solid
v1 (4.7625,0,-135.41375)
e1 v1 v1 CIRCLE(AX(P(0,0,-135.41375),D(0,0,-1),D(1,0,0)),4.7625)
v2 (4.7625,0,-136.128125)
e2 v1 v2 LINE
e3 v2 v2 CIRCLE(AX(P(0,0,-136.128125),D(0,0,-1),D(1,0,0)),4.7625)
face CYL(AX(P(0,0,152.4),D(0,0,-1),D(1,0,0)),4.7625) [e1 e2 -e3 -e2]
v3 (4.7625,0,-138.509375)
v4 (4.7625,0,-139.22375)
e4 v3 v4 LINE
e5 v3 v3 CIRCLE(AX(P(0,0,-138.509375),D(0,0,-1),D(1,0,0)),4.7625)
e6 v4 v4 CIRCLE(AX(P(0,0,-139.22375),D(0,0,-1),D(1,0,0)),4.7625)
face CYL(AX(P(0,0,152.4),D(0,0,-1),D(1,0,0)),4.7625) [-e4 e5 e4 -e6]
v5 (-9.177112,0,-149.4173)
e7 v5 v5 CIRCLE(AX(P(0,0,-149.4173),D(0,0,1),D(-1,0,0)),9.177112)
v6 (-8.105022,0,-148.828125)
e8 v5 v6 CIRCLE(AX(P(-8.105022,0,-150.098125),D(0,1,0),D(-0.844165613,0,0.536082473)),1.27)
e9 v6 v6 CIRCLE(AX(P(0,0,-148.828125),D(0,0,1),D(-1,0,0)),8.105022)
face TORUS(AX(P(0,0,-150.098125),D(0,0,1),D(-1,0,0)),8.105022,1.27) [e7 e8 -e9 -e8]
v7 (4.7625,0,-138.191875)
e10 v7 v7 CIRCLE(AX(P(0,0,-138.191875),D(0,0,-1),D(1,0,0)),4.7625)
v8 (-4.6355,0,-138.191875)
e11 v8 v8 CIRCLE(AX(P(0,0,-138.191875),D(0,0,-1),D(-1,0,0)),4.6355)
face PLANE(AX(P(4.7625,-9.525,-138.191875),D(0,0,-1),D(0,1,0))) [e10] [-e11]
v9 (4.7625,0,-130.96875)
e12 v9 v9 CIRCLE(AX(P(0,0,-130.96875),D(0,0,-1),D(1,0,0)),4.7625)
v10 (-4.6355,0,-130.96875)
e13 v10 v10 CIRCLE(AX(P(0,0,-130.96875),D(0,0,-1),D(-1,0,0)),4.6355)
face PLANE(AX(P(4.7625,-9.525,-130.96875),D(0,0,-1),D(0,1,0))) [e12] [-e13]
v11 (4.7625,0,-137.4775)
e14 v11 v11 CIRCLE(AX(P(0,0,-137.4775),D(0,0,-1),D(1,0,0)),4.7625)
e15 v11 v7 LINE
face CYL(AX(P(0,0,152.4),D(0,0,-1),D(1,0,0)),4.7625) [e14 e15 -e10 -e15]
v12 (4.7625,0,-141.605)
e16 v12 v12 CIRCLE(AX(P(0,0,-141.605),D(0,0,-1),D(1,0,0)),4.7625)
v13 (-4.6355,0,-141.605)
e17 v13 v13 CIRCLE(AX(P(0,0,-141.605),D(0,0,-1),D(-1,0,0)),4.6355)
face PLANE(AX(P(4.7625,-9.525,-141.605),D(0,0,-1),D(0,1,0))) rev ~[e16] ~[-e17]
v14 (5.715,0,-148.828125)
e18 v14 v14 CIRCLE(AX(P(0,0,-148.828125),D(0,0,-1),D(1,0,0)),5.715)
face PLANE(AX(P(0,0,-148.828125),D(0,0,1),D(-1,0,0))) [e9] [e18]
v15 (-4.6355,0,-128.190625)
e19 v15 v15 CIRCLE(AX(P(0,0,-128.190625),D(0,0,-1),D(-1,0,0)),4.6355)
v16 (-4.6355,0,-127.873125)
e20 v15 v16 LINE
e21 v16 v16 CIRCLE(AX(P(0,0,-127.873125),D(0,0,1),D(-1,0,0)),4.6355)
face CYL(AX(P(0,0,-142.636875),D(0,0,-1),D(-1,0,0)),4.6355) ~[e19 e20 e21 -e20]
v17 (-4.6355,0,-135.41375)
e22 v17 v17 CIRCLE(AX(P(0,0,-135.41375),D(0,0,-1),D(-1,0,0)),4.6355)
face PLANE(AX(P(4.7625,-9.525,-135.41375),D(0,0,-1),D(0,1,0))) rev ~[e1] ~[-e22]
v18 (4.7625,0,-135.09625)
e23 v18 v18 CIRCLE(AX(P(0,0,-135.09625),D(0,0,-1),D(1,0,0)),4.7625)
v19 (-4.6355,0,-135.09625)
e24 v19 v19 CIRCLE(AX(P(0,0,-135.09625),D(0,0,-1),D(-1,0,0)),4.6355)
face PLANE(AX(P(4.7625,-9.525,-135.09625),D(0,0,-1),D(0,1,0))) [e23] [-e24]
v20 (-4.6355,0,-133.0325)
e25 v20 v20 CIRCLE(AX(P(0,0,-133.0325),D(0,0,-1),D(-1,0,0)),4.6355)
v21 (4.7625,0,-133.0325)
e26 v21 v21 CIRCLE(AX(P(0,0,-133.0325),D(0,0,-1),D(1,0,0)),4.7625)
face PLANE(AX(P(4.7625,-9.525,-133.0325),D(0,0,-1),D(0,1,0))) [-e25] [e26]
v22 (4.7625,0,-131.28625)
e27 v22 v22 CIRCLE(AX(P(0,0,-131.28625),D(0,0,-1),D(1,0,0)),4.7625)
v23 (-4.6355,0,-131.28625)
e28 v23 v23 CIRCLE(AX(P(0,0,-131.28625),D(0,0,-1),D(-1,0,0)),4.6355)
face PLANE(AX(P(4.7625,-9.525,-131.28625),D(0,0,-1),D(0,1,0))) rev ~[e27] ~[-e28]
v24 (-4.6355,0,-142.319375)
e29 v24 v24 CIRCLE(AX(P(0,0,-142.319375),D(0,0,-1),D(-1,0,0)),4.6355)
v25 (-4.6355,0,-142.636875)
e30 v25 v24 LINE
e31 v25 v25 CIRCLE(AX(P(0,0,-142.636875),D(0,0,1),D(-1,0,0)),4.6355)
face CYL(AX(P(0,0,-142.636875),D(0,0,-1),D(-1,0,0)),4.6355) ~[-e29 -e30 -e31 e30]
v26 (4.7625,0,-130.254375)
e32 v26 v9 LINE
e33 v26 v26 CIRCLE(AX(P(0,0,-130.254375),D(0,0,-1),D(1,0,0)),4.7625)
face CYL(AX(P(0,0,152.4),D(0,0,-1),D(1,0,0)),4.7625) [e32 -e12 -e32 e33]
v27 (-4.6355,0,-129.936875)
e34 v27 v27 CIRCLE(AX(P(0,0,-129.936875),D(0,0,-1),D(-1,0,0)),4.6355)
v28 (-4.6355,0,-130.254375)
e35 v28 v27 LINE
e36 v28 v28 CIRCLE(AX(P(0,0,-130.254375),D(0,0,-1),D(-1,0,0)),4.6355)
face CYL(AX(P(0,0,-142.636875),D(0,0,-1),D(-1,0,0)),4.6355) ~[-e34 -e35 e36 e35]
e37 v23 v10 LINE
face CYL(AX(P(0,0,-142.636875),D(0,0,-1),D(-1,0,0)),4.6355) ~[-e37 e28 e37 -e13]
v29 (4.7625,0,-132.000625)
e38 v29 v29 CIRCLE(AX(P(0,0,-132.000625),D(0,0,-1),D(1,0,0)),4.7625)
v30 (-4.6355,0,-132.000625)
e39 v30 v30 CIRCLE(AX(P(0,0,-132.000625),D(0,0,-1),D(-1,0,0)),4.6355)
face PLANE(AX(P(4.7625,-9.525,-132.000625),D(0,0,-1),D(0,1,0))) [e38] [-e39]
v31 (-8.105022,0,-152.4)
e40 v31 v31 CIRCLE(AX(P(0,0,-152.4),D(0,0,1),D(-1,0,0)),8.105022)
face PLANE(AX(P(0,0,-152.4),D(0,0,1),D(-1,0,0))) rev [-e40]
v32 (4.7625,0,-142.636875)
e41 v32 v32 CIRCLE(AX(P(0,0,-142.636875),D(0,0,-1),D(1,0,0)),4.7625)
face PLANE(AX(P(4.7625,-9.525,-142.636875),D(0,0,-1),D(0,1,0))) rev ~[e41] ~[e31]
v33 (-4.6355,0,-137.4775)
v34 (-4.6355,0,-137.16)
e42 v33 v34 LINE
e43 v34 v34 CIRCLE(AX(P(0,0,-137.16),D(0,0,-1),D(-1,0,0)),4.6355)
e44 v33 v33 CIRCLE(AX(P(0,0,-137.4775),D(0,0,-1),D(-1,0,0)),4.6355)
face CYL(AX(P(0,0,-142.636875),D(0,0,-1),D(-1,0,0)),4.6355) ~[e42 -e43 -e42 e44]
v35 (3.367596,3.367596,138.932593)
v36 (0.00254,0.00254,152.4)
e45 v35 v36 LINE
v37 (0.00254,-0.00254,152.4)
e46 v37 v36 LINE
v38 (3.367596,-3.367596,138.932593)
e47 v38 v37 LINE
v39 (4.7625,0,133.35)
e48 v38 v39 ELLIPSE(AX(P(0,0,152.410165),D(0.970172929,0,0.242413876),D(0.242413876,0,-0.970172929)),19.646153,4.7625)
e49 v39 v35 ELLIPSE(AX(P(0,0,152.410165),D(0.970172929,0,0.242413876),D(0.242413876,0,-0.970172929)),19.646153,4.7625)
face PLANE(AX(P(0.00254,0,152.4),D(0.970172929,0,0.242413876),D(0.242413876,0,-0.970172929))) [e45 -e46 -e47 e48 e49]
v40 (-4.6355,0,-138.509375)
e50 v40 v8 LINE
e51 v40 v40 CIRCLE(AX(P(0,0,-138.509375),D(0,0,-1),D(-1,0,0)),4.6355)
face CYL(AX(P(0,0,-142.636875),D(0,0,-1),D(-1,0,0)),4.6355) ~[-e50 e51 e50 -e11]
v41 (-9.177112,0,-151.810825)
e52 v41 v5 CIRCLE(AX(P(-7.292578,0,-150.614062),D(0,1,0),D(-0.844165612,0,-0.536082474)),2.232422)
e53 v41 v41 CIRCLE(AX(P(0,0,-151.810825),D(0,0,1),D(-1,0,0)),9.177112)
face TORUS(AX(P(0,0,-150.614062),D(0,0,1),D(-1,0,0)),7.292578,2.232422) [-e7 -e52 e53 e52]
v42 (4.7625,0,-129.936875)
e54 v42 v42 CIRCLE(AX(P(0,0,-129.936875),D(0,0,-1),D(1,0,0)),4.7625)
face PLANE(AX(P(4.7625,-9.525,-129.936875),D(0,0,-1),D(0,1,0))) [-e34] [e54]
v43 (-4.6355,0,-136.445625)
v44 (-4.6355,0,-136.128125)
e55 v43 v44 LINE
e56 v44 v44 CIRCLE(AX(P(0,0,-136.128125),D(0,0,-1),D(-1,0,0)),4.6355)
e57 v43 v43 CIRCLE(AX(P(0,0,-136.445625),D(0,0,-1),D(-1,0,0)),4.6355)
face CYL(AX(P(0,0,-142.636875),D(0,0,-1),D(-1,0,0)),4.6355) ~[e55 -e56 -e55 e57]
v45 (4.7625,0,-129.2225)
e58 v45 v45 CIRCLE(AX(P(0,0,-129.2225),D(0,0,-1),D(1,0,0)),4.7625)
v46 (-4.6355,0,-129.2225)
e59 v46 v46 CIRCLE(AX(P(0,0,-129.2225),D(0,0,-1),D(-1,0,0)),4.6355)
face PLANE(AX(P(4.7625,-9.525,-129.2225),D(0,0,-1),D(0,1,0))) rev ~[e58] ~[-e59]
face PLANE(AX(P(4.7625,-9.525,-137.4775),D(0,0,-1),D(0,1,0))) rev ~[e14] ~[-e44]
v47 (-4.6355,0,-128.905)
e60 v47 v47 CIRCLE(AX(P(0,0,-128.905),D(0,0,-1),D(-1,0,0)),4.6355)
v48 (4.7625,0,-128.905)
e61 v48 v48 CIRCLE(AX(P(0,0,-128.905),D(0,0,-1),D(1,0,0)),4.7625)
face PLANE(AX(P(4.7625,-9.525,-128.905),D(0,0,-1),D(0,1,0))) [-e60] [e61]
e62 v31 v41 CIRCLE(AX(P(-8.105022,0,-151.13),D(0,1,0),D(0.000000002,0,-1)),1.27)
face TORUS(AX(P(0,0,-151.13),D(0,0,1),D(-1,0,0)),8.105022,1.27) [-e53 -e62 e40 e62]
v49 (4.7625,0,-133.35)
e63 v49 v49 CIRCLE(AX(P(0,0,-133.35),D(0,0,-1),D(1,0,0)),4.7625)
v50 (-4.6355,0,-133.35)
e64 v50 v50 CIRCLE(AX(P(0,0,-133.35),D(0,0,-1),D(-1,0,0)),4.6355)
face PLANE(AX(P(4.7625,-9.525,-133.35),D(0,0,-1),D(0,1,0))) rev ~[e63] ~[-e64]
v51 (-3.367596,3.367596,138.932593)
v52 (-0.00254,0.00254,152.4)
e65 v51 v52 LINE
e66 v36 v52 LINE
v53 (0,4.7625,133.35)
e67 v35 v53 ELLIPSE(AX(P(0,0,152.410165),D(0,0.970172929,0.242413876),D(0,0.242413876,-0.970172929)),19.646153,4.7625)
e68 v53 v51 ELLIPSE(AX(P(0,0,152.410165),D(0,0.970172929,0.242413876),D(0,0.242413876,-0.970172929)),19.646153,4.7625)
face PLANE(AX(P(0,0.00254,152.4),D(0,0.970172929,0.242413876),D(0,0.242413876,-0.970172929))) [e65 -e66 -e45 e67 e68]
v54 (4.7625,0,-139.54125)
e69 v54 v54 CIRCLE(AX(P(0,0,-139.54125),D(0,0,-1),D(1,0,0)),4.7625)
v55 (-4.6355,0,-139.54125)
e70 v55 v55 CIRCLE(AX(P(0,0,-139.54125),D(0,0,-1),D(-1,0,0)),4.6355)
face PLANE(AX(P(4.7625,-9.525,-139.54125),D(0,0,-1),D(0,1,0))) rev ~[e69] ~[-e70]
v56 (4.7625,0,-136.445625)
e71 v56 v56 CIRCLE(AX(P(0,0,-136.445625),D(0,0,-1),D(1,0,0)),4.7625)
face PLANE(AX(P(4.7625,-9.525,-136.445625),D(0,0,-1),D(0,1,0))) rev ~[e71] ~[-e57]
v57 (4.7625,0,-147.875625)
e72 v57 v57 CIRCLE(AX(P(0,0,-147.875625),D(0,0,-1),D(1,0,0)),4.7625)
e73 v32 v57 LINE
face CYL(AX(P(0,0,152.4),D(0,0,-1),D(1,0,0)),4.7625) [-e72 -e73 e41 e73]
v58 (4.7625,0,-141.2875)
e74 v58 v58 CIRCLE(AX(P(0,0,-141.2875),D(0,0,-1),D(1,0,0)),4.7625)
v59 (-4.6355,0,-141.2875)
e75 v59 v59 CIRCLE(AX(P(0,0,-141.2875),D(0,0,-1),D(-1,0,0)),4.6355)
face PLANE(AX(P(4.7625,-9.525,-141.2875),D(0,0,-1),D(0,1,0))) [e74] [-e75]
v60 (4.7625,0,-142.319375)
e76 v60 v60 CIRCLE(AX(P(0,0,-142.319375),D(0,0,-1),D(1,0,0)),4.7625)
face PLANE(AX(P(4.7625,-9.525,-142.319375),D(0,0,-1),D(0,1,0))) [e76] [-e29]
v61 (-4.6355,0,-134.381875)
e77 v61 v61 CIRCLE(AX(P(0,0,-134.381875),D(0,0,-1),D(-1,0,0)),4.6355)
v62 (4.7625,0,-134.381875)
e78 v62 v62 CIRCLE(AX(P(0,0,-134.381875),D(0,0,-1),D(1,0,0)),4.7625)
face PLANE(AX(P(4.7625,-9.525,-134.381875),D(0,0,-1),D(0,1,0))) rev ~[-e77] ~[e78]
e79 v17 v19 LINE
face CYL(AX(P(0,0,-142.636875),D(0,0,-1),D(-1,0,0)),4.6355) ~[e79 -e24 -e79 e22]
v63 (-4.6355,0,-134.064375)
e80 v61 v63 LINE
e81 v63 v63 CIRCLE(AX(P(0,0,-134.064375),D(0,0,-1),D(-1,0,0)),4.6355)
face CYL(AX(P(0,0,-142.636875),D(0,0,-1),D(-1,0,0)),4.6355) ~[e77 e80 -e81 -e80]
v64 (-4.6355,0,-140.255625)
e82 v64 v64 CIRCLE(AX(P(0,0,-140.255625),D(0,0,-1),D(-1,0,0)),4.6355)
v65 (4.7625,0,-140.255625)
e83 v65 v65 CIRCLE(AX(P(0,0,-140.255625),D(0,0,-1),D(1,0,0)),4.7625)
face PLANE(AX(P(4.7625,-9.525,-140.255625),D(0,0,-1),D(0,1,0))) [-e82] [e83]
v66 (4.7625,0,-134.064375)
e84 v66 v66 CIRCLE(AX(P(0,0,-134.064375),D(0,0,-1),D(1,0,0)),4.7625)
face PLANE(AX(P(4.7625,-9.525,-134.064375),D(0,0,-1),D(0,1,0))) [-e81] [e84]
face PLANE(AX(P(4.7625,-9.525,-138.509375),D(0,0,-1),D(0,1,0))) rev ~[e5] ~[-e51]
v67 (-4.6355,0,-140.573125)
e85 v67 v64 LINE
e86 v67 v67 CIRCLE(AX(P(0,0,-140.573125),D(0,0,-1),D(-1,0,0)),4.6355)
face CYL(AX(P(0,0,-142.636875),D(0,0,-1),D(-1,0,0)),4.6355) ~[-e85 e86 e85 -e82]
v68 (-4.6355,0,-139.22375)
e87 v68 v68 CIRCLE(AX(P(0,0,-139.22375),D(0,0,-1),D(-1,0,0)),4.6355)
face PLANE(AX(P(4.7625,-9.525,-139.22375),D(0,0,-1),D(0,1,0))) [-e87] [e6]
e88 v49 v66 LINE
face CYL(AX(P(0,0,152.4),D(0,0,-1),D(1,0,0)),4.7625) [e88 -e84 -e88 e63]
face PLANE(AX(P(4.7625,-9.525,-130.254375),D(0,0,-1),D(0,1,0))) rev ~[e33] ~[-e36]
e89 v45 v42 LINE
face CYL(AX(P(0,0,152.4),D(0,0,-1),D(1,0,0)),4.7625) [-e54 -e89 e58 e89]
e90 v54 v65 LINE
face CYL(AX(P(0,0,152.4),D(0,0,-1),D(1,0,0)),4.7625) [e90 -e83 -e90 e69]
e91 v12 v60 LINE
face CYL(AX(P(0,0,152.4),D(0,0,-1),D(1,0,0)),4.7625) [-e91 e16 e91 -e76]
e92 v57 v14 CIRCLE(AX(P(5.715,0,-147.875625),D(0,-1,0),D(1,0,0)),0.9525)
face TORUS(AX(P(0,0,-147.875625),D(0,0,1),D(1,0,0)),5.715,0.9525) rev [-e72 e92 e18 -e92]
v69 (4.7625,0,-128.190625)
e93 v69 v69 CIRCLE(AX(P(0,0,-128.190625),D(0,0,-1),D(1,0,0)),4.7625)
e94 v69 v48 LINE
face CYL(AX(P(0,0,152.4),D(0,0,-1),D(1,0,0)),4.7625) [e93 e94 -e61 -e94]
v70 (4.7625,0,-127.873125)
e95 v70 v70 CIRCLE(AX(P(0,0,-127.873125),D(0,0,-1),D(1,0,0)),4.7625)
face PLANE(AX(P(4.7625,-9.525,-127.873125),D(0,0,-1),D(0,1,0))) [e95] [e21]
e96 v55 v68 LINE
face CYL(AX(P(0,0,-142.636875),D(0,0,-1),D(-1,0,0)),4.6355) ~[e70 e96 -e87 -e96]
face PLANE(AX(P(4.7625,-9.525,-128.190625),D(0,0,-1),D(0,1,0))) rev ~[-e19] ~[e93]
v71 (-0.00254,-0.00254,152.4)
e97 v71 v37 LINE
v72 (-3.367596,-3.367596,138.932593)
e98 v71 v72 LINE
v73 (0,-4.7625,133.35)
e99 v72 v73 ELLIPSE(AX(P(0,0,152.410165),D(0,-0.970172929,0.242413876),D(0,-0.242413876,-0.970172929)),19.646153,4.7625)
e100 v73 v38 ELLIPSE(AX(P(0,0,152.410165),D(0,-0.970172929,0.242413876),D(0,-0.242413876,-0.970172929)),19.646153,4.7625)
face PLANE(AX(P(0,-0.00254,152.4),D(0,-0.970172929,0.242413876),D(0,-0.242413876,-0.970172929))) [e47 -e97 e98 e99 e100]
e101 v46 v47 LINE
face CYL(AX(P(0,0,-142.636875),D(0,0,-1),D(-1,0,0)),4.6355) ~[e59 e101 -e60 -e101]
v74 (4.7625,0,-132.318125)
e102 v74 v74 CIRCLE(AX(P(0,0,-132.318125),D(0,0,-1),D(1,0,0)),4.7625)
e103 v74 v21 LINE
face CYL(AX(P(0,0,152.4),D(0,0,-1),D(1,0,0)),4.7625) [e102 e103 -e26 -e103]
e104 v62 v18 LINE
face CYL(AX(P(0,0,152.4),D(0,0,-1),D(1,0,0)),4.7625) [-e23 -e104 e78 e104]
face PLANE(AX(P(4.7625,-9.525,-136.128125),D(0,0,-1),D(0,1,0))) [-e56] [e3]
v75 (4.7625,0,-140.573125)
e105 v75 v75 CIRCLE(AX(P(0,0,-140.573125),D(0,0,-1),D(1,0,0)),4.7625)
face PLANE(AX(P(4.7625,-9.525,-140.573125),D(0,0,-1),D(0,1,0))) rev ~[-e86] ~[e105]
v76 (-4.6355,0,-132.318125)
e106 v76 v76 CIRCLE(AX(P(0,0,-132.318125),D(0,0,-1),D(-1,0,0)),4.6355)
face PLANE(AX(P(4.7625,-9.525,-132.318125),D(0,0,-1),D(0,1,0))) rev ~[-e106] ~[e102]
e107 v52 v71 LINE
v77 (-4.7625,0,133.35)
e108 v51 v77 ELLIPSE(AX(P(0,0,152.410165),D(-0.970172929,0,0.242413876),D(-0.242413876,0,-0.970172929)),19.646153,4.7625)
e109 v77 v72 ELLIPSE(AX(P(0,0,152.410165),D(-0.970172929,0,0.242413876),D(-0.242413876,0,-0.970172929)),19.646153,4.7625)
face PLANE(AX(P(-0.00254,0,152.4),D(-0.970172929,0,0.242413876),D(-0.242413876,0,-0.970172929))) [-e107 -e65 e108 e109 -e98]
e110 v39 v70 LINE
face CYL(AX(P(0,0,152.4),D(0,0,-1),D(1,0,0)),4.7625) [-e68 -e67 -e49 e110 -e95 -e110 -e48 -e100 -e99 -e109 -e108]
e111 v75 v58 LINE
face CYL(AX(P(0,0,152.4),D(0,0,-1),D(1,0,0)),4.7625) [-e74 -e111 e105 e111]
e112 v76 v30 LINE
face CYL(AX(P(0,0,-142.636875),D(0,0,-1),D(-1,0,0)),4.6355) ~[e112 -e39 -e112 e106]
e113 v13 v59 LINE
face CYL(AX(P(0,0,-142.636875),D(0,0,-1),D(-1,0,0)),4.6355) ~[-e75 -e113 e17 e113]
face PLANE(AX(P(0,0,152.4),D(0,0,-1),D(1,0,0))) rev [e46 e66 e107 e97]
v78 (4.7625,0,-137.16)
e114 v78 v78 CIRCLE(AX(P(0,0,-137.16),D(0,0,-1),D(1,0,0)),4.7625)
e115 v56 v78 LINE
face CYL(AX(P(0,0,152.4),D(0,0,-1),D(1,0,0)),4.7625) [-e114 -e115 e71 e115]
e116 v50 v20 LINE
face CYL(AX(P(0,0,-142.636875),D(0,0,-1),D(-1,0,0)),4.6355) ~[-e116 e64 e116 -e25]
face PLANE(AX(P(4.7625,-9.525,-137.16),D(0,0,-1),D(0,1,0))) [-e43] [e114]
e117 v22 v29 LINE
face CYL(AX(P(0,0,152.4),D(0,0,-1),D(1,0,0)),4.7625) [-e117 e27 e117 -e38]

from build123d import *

# Parameters (mm, degrees)
CUT_EXTRUDE1_DEPTH  = 153.548755526
CIRPATTERN1_COUNT   = 4
SKETCH6_W           = 0.3175
SKETCH6_H           = 19.05
CUT_EXTRUDE3_DEPTH  = 154.364331947
BOSS_EXTRUDE1_START = 6.19125
SKETCH7_R           = 4.6355
BOSS_EXTRUDE1_DEPTH = 14.76375
FILLET1_R           = 0.9525


with BuildPart() as part:
    # Sketch2 → Revolve1 (revolve)
    with BuildSketch(Plane(origin=(0, 0, 0), x_dir=(0, 0, -1), z_dir=(1, 0, 0)), mode=Mode.PRIVATE) as revolve1_sk:
        Polygon((-133.35, -4.7625), (152.4, -4.7625), (152.4, 0), (-152.4, 0), (-152.4, -4.7625), align=None)
    revolve(revolve1_sk.sketch.rotate(Axis((0, 0, 152.4), (0, 0, -1)), 270), axis=Axis((0, 0, 152.4), (0, 0, -1)))

    # Sketch3 → Cut-Extrude1 (cut, symmetric)
    with BuildSketch(Plane(origin=(0, 0, 0), x_dir=(0, 0, -1), z_dir=(1, 0, 0))):
        Polygon((-152.4, -0.00254), (-133.35, -4.7625), (-152.4, -4.7625), align=None)
    cut_extrude1 = extrude(amount=CUT_EXTRUDE1_DEPTH, both=True, mode=Mode.SUBTRACT)

    # CirPattern1: Cut-Extrude1 ×4 about axis
    cirpattern1_axis = Axis((0, 0, 0), (0, 0, 1))
    for i in range(1, CIRPATTERN1_COUNT):
        add(cut_extrude1.rotate(cirpattern1_axis, i * 360 / CIRPATTERN1_COUNT), mode=Mode.SUBTRACT)

    # Sketch5 → Revolve2 (revolve)
    with BuildSketch(Plane(origin=(0, 0, 0), x_dir=(0, 0, -1), z_dir=(1, 0, 0)), mode=Mode.PRIVATE) as revolve2_sk:
        with BuildLine():
            Line((148.828125, 0), (152.4, 0))
            Line((152.4, 0), (152.4, 8.105021576))
            ThreePointArc((152.4, 8.105021576), (152.243002117, 8.716680214), (151.810824742, 9.177111904))
            ThreePointArc((151.810824742, 9.177111904), (150.6140625, 9.525), (149.417300258, 9.177111904))
            ThreePointArc((149.417300258, 9.177111904), (148.985122883, 8.716680214), (148.828125, 8.105021576))
            Line((148.828125, 8.105021576), (148.828125, 0))
        make_face()
    revolve(revolve2_sk.sketch.rotate(Axis((0, 0, -152.4), (0, 0, 1)), 90), axis=Axis((0, 0, -152.4), (0, 0, 1)))

    # Sketch6 → Cut-Extrude3 (cut, through all)
    with BuildSketch(Plane(origin=(4.7625, 0, 0), x_dir=(0, 0, -1), z_dir=(1, 0, 0))):
        with Locations((140.414375, 0)):
            Rectangle(SKETCH6_W, SKETCH6_H)
        with Locations((142.478125, 0)):
            Rectangle(SKETCH6_W, SKETCH6_H)
        with Locations((141.44625, 0)):
            Rectangle(SKETCH6_W, SKETCH6_H)
        with Locations((139.3825, 0)):
            Rectangle(SKETCH6_W, SKETCH6_H)
        with Locations((138.350625, 0)):
            Rectangle(SKETCH6_W, SKETCH6_H)
        with Locations((137.31875, 0)):
            Rectangle(SKETCH6_W, SKETCH6_H)
        with Locations((136.286875, 0)):
            Rectangle(SKETCH6_W, SKETCH6_H)
        with Locations((135.255, 0)):
            Rectangle(SKETCH6_W, SKETCH6_H)
        with Locations((134.223125, 0)):
            Rectangle(SKETCH6_W, SKETCH6_H)
        with Locations((133.19125, 0)):
            Rectangle(SKETCH6_W, SKETCH6_H)
        with Locations((132.159375, 0)):
            Rectangle(SKETCH6_W, SKETCH6_H)
        with Locations((131.1275, 0)):
            Rectangle(SKETCH6_W, SKETCH6_H)
        with Locations((130.095625, 0)):
            Rectangle(SKETCH6_W, SKETCH6_H)
        with Locations((129.06375, 0)):
            Rectangle(SKETCH6_W, SKETCH6_H)
        with Locations((128.031875, 0)):
            Rectangle(SKETCH6_W, SKETCH6_H)
    extrude(amount=-CUT_EXTRUDE3_DEPTH, mode=Mode.SUBTRACT)


with BuildPart() as cut_extrude3_piece_1:
    # of the separate pieces the step leaves, piece 1, a body of its own (cut_extrude3_pieces)
    add(part.part.solids().sort_by_distance((4.7625, 0, -127.873125))[0])



with BuildPart() as cut_extrude3_piece_2:
    # of the separate pieces the step leaves, piece 2, a body of its own (cut_extrude3_pieces)
    add(part.part.solids().sort_by_distance((-8.105021576, 0, -152.4))[0])


with BuildPart() as cut_extrude3_piece_3:
    # of the separate pieces the step leaves, piece 3, a body of its own (cut_extrude3_pieces)
    add(part.part.solids().sort_by_distance((4.7625, 0, -142.319375))[0])


with BuildPart() as cut_extrude3_piece_4:
    # of the separate pieces the step leaves, piece 4, a body of its own (cut_extrude3_pieces)
    add(part.part.solids().sort_by_distance((4.7625, 0, -141.2875))[0])


with BuildPart() as cut_extrude3_piece_5:
    # of the separate pieces the step leaves, piece 5, a body of its own (cut_extrude3_pieces)
    add(part.part.solids().sort_by_distance((4.7625, 0, -138.191875))[0])


with BuildPart() as cut_extrude3_piece_6:
    # of the separate pieces the step leaves, piece 6, a body of its own (cut_extrude3_pieces)
    add(part.part.solids().sort_by_distance((4.7625, 0, -137.16))[0])


with BuildPart() as cut_extrude3_piece_7:
    # of the separate pieces the step leaves, piece 7, a body of its own (cut_extrude3_pieces)
    add(part.part.solids().sort_by_distance((4.7625, 0, -136.128125))[0])


with BuildPart() as cut_extrude3_piece_8:
    # of the separate pieces the step leaves, piece 8, a body of its own (cut_extrude3_pieces)
    add(part.part.solids().sort_by_distance((4.7625, 0, -134.064375))[0])


with BuildPart() as cut_extrude3_piece_9:
    # of the separate pieces the step leaves, piece 9, a body of its own (cut_extrude3_pieces)
    add(part.part.solids().sort_by_distance((4.7625, 0, -133.0325))[0])


with BuildPart() as cut_extrude3_piece_10:
    # of the separate pieces the step leaves, piece 10, a body of its own (cut_extrude3_pieces)
    add(part.part.solids().sort_by_distance((4.7625, 0, -132.000625))[0])


with BuildPart() as cut_extrude3_piece_11:
    # of the separate pieces the step leaves, piece 11, a body of its own (cut_extrude3_pieces)
    add(part.part.solids().sort_by_distance((4.7625, 0, -130.96875))[0])


with BuildPart() as cut_extrude3_piece_12:
    # of the separate pieces the step leaves, piece 12, a body of its own (cut_extrude3_pieces)
    add(part.part.solids().sort_by_distance((4.7625, 0, -129.936875))[0])


with BuildPart() as cut_extrude3_piece_13:
    # of the separate pieces the step leaves, piece 13, a body of its own (cut_extrude3_pieces)
    add(part.part.solids().sort_by_distance((4.7625, 0, -128.905))[0])


with BuildPart() as cut_extrude3_piece_14:
    # of the separate pieces the step leaves, piece 14, a body of its own (cut_extrude3_pieces)
    add(part.part.solids().sort_by_distance((4.7625, 0, -140.255625))[0])


with BuildPart() as cut_extrude3_piece_15:
    # of the separate pieces the step leaves, piece 15, a body of its own (cut_extrude3_pieces)
    add(part.part.solids().sort_by_distance((4.7625, 0, -139.22375))[0])


with BuildPart() as cut_extrude3_piece_16:
    # of the separate pieces the step leaves, piece 16, a body of its own (cut_extrude3_pieces)
    add(part.part.solids().sort_by_distance((4.7625, 0, -135.09625))[0])


with BuildPart() as cut_extrude3_piece_1_1:
    add(cut_extrude3_piece_1.part)

    add(cut_extrude3_piece_2.part)  # Boss-Extrude1 merges Cut-Extrude3 piece 2

    add(cut_extrude3_piece_3.part)  # Boss-Extrude1 merges Cut-Extrude3 piece 3

    add(cut_extrude3_piece_4.part)  # Boss-Extrude1 merges Cut-Extrude3 piece 4

    add(cut_extrude3_piece_5.part)  # Boss-Extrude1 merges Cut-Extrude3 piece 5

    add(cut_extrude3_piece_6.part)  # Boss-Extrude1 merges Cut-Extrude3 piece 6

    add(cut_extrude3_piece_7.part)  # Boss-Extrude1 merges Cut-Extrude3 piece 7

    add(cut_extrude3_piece_8.part)  # Boss-Extrude1 merges Cut-Extrude3 piece 8

    add(cut_extrude3_piece_9.part)  # Boss-Extrude1 merges Cut-Extrude3 piece 9

    add(cut_extrude3_piece_10.part)  # Boss-Extrude1 merges Cut-Extrude3 piece 10

    add(cut_extrude3_piece_11.part)  # Boss-Extrude1 merges Cut-Extrude3 piece 11

    add(cut_extrude3_piece_12.part)  # Boss-Extrude1 merges Cut-Extrude3 piece 12

    add(cut_extrude3_piece_13.part)  # Boss-Extrude1 merges Cut-Extrude3 piece 13

    add(cut_extrude3_piece_14.part)  # Boss-Extrude1 merges Cut-Extrude3 piece 14

    add(cut_extrude3_piece_15.part)  # Boss-Extrude1 merges Cut-Extrude3 piece 15

    add(cut_extrude3_piece_16.part)  # Boss-Extrude1 merges Cut-Extrude3 piece 16
    # Sketch7 → Boss-Extrude1 (add)
    with BuildSketch(Plane.XY.offset(-148.828125).offset(BOSS_EXTRUDE1_START)):
        with Locations(Location((0, 0, 0), (0, 0, 180))):
            Circle(SKETCH7_R)
    extrude(amount=BOSS_EXTRUDE1_DEPTH)

    # Fillet1
    fillet1_edges = [cut_extrude3_piece_1_1.edges().sort_by_distance(p)[0] for p in [
        (-4.7625, 0, -148.828125),
    ]]
    fillet(fillet1_edges, radius=FILLET1_R)


solid = cut_extrude3_piece_1_1.part
